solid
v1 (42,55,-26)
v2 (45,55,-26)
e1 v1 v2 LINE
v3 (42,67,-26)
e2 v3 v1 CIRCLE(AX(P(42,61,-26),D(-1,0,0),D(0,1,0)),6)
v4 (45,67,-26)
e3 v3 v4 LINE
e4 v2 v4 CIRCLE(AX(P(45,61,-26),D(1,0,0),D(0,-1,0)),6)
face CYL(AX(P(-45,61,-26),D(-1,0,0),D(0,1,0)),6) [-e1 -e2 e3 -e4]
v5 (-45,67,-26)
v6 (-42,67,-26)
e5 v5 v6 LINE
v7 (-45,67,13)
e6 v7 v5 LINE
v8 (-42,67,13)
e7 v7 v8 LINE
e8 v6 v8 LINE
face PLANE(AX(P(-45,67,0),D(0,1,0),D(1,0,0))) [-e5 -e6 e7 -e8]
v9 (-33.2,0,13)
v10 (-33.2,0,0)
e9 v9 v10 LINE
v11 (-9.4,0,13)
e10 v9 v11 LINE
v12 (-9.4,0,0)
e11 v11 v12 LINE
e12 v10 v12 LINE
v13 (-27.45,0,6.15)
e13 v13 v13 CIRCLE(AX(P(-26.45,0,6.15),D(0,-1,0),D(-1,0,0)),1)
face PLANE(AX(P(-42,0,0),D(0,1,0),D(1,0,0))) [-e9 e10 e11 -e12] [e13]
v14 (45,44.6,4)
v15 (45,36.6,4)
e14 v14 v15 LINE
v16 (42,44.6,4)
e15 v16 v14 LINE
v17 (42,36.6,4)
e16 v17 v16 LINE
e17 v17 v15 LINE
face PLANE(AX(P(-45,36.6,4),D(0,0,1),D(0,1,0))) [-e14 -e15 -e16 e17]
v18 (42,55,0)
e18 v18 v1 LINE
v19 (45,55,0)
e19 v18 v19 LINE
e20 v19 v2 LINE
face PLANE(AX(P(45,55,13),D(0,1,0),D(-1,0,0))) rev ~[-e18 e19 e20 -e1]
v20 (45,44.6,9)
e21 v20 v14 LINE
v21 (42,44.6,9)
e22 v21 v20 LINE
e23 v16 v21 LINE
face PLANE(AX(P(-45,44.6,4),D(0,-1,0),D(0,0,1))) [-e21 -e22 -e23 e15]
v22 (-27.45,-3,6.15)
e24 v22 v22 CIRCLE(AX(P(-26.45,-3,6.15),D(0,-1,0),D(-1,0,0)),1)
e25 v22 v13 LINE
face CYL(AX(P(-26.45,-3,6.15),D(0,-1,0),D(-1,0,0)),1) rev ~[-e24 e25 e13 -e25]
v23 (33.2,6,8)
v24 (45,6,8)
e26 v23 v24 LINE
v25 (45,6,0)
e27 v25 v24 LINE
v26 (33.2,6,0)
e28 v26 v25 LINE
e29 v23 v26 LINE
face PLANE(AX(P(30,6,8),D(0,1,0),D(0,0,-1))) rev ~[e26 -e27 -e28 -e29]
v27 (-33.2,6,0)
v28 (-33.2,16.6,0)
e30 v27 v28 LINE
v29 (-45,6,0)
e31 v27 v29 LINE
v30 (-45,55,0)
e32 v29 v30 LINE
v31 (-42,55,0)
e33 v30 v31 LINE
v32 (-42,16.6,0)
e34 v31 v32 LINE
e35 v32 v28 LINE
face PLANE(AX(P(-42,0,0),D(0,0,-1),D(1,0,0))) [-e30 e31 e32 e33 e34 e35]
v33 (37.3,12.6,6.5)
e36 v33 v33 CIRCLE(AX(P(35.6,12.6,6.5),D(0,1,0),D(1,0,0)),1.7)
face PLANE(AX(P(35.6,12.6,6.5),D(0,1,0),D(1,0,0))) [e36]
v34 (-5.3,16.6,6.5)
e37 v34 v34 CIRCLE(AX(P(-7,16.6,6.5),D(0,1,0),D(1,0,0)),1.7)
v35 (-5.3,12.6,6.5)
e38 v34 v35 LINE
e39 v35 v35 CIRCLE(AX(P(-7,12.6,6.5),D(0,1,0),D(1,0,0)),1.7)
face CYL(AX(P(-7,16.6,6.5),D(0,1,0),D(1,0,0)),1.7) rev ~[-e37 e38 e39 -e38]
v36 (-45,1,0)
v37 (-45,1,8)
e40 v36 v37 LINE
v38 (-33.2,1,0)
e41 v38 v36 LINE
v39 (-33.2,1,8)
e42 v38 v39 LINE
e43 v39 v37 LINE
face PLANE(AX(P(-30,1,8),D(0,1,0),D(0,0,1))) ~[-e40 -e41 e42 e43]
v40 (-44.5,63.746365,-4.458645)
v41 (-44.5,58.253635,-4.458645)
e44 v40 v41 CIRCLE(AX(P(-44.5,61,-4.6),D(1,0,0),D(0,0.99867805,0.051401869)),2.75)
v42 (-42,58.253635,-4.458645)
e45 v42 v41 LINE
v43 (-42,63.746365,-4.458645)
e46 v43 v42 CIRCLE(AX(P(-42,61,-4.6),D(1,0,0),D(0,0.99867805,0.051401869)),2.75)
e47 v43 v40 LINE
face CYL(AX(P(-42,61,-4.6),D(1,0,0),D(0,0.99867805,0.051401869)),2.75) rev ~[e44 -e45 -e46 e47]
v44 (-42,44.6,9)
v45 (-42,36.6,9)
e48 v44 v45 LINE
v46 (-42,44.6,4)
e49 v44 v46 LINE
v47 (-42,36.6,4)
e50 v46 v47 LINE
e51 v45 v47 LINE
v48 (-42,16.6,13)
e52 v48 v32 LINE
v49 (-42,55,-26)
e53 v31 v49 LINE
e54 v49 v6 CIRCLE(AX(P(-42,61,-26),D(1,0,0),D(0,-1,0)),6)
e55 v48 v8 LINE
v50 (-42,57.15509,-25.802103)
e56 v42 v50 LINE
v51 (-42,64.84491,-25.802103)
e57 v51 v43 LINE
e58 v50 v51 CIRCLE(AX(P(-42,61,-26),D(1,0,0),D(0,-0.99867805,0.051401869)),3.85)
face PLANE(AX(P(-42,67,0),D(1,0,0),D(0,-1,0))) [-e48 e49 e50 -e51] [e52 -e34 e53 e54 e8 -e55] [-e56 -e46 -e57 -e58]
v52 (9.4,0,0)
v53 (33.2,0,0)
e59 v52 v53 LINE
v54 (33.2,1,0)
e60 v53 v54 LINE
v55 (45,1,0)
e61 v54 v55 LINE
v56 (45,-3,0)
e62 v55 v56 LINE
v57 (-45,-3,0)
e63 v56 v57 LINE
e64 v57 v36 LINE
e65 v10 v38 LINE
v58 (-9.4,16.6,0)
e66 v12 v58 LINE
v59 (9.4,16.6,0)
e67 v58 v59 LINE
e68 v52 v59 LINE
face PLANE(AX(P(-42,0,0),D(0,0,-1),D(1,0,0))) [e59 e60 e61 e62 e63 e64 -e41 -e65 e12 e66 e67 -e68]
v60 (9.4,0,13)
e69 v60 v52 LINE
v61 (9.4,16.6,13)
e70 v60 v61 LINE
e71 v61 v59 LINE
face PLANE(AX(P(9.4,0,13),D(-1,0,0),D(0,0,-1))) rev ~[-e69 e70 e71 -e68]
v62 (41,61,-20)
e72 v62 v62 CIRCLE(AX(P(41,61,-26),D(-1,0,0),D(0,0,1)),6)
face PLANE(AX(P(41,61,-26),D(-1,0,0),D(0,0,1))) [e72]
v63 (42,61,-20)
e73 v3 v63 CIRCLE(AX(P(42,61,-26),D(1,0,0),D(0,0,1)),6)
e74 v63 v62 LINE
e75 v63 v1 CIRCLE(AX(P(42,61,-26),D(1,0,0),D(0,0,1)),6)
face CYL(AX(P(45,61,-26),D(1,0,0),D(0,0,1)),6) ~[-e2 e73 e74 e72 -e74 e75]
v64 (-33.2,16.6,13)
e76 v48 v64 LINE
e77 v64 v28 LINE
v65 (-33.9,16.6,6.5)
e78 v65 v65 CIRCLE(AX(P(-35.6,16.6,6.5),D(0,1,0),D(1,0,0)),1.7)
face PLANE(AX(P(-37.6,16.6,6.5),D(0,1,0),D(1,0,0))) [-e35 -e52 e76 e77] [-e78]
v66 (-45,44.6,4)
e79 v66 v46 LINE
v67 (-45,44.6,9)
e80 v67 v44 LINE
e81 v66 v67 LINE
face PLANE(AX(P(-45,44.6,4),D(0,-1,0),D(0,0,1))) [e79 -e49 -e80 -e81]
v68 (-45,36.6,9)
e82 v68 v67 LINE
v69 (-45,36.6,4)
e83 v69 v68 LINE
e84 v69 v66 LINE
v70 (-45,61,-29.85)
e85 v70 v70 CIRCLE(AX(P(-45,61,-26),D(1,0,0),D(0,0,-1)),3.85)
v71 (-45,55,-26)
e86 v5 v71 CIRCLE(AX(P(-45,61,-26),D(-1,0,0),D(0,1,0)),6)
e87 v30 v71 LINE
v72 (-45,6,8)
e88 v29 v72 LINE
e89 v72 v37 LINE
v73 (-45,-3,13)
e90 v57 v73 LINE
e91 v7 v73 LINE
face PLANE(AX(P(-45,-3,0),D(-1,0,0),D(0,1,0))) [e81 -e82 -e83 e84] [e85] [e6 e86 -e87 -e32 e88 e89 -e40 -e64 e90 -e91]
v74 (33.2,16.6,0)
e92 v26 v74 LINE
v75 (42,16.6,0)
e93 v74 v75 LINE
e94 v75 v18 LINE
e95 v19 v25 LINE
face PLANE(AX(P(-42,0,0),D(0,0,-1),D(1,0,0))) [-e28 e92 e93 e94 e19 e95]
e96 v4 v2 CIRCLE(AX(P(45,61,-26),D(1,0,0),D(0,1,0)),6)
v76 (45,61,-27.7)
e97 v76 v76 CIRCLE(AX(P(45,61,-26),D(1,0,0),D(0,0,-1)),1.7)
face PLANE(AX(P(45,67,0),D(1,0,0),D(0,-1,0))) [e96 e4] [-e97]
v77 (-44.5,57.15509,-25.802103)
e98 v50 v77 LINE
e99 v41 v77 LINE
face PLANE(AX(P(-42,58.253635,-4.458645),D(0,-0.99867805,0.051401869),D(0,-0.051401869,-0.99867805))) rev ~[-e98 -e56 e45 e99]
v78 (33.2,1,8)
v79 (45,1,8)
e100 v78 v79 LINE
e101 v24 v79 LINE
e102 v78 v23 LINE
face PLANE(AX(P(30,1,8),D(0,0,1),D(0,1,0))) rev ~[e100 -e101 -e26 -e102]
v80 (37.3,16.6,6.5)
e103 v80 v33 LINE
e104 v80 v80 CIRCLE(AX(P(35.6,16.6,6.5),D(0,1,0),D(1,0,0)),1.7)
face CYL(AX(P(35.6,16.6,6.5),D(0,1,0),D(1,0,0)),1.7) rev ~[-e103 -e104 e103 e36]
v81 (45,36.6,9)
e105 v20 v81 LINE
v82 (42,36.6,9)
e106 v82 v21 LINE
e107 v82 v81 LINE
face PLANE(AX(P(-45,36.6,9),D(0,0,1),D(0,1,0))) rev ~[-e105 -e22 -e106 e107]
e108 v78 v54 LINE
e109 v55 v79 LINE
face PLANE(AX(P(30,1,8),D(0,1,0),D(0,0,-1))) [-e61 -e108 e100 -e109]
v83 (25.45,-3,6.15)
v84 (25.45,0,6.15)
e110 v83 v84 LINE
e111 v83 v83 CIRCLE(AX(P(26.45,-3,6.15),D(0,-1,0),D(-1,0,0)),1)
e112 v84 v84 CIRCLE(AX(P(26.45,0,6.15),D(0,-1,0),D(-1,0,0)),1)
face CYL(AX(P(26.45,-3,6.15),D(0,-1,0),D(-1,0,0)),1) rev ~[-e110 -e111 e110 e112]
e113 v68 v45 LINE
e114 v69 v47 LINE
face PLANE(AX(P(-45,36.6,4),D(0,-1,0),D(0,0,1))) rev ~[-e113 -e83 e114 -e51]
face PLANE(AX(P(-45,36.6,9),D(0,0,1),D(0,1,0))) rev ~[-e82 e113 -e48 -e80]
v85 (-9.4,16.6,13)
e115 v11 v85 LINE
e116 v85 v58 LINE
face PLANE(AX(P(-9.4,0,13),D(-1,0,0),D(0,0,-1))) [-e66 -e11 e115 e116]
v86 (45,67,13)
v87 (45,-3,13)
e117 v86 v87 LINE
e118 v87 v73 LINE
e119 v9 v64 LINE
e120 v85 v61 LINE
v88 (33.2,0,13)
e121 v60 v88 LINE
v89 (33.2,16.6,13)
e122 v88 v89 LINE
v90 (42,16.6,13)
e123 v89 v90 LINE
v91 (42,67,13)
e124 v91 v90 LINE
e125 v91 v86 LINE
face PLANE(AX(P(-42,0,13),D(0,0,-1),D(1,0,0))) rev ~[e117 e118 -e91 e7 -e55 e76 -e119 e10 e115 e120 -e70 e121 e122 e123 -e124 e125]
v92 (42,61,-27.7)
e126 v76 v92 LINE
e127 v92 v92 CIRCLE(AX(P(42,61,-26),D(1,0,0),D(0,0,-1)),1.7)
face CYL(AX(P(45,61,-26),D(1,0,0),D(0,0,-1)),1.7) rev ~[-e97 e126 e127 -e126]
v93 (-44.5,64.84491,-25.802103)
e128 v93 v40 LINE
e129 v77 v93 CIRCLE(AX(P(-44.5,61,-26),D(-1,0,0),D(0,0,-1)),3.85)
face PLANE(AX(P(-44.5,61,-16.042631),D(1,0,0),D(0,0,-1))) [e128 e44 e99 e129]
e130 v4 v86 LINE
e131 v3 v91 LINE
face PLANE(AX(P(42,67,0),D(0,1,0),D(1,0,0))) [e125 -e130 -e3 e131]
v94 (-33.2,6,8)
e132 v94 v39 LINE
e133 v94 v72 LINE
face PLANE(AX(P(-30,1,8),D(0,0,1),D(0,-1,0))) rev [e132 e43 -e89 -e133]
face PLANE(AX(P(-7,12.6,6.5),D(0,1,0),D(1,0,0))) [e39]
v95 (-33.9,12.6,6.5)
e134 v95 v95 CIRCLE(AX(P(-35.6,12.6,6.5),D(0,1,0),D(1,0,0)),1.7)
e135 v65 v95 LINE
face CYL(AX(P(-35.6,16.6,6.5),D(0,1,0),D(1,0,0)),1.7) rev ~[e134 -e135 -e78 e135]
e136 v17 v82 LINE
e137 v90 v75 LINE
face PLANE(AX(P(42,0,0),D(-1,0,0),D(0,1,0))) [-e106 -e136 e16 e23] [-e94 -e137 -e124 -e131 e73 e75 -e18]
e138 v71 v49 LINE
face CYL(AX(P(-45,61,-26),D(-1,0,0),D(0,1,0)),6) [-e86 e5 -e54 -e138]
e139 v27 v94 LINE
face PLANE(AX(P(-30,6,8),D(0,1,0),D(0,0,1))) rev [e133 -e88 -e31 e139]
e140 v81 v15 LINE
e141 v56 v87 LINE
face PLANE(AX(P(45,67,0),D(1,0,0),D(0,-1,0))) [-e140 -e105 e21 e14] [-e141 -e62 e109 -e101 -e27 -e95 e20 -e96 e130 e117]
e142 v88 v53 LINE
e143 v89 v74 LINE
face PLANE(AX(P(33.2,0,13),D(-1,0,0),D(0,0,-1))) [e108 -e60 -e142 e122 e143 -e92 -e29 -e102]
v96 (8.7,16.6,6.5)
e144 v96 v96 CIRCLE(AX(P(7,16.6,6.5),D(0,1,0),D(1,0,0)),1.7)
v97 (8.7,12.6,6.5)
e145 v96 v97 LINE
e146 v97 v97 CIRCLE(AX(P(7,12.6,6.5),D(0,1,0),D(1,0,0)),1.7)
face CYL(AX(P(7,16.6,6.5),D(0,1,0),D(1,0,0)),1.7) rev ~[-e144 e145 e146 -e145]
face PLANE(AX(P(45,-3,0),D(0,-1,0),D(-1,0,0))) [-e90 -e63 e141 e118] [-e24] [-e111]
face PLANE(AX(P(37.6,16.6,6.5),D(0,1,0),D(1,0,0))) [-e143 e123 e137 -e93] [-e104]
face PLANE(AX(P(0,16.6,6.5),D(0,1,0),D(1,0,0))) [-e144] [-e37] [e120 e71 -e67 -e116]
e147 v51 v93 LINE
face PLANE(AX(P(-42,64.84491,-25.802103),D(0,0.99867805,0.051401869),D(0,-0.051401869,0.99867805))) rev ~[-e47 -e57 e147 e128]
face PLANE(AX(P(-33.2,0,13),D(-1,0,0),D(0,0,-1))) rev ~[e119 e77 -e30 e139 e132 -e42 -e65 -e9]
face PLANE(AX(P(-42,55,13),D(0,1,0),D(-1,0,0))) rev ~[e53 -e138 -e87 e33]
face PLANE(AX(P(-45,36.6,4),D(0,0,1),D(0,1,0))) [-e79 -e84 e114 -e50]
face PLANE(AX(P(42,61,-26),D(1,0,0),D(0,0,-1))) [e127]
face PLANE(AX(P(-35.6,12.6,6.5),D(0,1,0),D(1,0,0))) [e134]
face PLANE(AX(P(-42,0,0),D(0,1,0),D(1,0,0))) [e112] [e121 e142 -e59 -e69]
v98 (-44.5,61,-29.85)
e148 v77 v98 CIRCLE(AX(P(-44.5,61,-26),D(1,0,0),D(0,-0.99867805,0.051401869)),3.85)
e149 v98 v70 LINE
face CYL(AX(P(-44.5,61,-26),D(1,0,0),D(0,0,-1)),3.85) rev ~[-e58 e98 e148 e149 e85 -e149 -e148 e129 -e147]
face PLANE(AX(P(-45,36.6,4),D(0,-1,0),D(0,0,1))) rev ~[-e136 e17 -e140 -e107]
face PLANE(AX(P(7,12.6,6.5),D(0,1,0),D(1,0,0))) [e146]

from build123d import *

# Parameters (mm, degrees)
AUFSATZ_LINEAR_AUSTRAGEN1_DEPTH  = 13
AUFSATZ_LINEAR_START             = -13
SKIZZE2_W                        = 3
SKIZZE2_H                        = 12
AUFSATZ_LINEAR_AUSTRAGEN2_DEPTH  = 45
SKIZZE3_W                        = 8.8
SKIZZE3_H                        = 13
SKIZZE3_W_2                      = 18.8
AUFSATZ_LINEAR_AUSTRAGEN3_DEPTH  = 16.6
SKIZZE4_R                        = 1.7
SCHNITT_LINEAR_AUSTRAGEN1_DEPTH  = 4
SKIZZE6_R                        = 1.5
SCHNITT_LINEAR_AUSTRAGEN2_DEPTH  = 4
SCHNITT_LINEAR_START             = -3
SCHNITT_LINEAR_AUSTRAGEN4_DEPTH  = 2.5
SCHNITT_LINEAR_AUSTRAGEN6_DEPTH  = 91
SCHNITT_LINEAR_AUSTRAGEN7_REACH  = 2.5
SKIZZE11_R                       = 3.85
SCHNITT_LINEAR_START_2           = -15
SKIZZE12_W                       = 8
SKIZZE12_H                       = 5
SCHNITT_LINEAR_AUSTRAGEN8_DEPTH  = 16
SKIZZE13_W                       = 5
SKIZZE13_H                       = 8
SCHNITT_LINEAR_AUSTRAGEN9_DEPTH  = 91
SKIZZE14_R                       = 1
SCHNITT_LINEAR_AUSTRAGEN10_DEPTH = 71
AUFSATZ_LINEAR_START_2           = -3
SKIZZE15_R                       = 6
AUFSATZ_LINEAR_AUSTRAGEN4_DEPTH  = 4
SKIZZE16_R                       = 1.7
SCHNITT_LINEAR_AUSTRAGEN11_DEPTH = 3


with BuildPart() as part:
    # Skizze1 → Aufsatz-Linear austragen1 (new body)
    with BuildSketch(Plane.XY):
        Polygon((-45, 67), (-42, 67), (-42, 0), (42, 0), (42, 67), (45, 67), (45, -3), (-45, -3), align=None)
    extrude(amount=AUFSATZ_LINEAR_AUSTRAGEN1_DEPTH)

    # Skizze2 → Aufsatz-Linear austragen2 (add)
    with BuildSketch(Plane(origin=(0, 0, 0), x_dir=(-1, 0, 0), z_dir=(0, 0, -1)).offset(AUFSATZ_LINEAR_START)):
        with Locations((-43.5, 61)):
            Rectangle(SKIZZE2_W, SKIZZE2_H)
        with Locations((43.5, 61)):
            Rectangle(SKIZZE2_W, SKIZZE2_H)
    extrude(amount=AUFSATZ_LINEAR_AUSTRAGEN2_DEPTH)

    # Skizze3 → Aufsatz-Linear austragen3 (add)
    with BuildSketch(Plane(origin=(0, 0, 0), x_dir=(1, 0, 0), z_dir=(0, 1, 0))):
        with Locations((-37.6, -6.5)):
            Rectangle(SKIZZE3_W, SKIZZE3_H)
        with Locations((37.6, -6.5)):
            Rectangle(SKIZZE3_W, SKIZZE3_H)
        with Locations((0, -6.5)):
            Rectangle(SKIZZE3_W_2, SKIZZE3_H)
    extrude(amount=AUFSATZ_LINEAR_AUSTRAGEN3_DEPTH)

    # Skizze4 → Schnitt-Linear austragen1 (cut)
    with BuildSketch(Plane(origin=(0, 16.6, 0), x_dir=(1, 0, 0), z_dir=(0, 1, 0))):
        with Locations((-35.6, -6.5)):
            Circle(SKIZZE4_R)
        with Locations((-7, -6.5)):
            Circle(SKIZZE4_R)
        with Locations((7, -6.5)):
            Circle(SKIZZE4_R)
        with Locations((35.6, -6.5)):
            Circle(SKIZZE4_R)
    extrude(amount=-SCHNITT_LINEAR_AUSTRAGEN1_DEPTH, mode=Mode.SUBTRACT)

    # Skizze6 → Schnitt-Linear austragen2 (cut, through all)
    with BuildSketch(Plane.ZY.offset(-42)):
        with Locations((-26, 61)):
            Circle(SKIZZE6_R)
    extrude(amount=-SCHNITT_LINEAR_AUSTRAGEN2_DEPTH, mode=Mode.SUBTRACT)

    # Skizze7 → Schnitt-Linear austragen4 (cut)
    with BuildSketch(Plane.ZY.offset(45).offset(SCHNITT_LINEAR_START)):
        with BuildLine():
            Line((-25.802102804, 64.844910493), (-4.45864486, 63.746364638))
            ThreePointArc((-4.45864486, 63.746364638), (-1.85, 61), (-4.45864486, 58.253635362))
            Line((-4.45864486, 58.253635362), (-25.802102804, 57.155089507))
            ThreePointArc((-25.802102804, 57.155089507), (-29.85, 61), (-25.802102804, 64.844910493))
        make_face()
    extrude(amount=SCHNITT_LINEAR_AUSTRAGEN4_DEPTH, mode=Mode.SUBTRACT)

    # Skizze10 → Schnitt-Linear austragen6 (cut, through all)
    with BuildSketch(Plane.ZY.offset(45)):
        with BuildLine():
            Line((-26, 55), (-40.113250667, 55))
            Line((-40.113250667, 55), (-40.113250667, 67))
            Line((-40.113250667, 67), (-26, 67))
            ThreePointArc((-26, 67), (-32, 61), (-26, 55))
        make_face()
    extrude(amount=-SCHNITT_LINEAR_AUSTRAGEN6_DEPTH, mode=Mode.SUBTRACT)

    # Skizze11 → Schnitt-Linear austragen7 (cut, up to next)
    with BuildSketch(Plane(origin=(-44.5, 0, 0), x_dir=(0, 0, -1), z_dir=(1, 0, 0)), mode=Mode.PRIVATE) as schnitt_linear_austragen7_sk1:
        with Locations((26, 61)):
            Circle(SKIZZE11_R)
    schnitt_linear_austragen7_tool1 = extrude(schnitt_linear_austragen7_sk1.sketch, amount=-SCHNITT_LINEAR_AUSTRAGEN7_REACH, mode=Mode.PRIVATE) & part.part
    add(schnitt_linear_austragen7_tool1.solids().sort_by_distance((-44.5, 61, -26))[0], mode=Mode.SUBTRACT)

    # Skizze12 → Schnitt-Linear austragen8 (cut)
    with BuildSketch(Plane(origin=(45, 0, 0), x_dir=(0, 0, -1), z_dir=(1, 0, 0)).offset(SCHNITT_LINEAR_START_2)):
        with Locations((-4, 3.5)):
            Rectangle(SKIZZE12_W, SKIZZE12_H)
    schnitt_linear_austragen8 = extrude(amount=SCHNITT_LINEAR_AUSTRAGEN8_DEPTH, mode=Mode.SUBTRACT)

    # Spiegeln1: Schnitt-Linear austragen8 across plane
    add(schnitt_linear_austragen8.mirror(Plane.ZY), mode=Mode.SUBTRACT)

    # Skizze13 → Schnitt-Linear austragen9 (cut, through all)
    with BuildSketch(Plane.ZY.offset(45)):
        with Locations((6.5, 40.6)):
            Rectangle(SKIZZE13_W, SKIZZE13_H)
    extrude(amount=-SCHNITT_LINEAR_AUSTRAGEN9_DEPTH, mode=Mode.SUBTRACT)

    # Skizze14 → Schnitt-Linear austragen10 (cut, through all)
    with BuildSketch(Plane(origin=(0, -3, 0), x_dir=(-1, 0, 0), z_dir=(0, -1, 0))):
        with Locations((26.45, -6.15)):
            Circle(SKIZZE14_R)
        with Locations((-26.45, -6.15)):
            Circle(SKIZZE14_R)
    extrude(amount=-SCHNITT_LINEAR_AUSTRAGEN10_DEPTH, mode=Mode.SUBTRACT)

    # Skizze15 → Aufsatz-Linear austragen4 (add)
    with BuildSketch(Plane.ZY.offset(-42).offset(AUFSATZ_LINEAR_START_2)):
        with Locations((-26, 61)):
            Circle(SKIZZE15_R)
    extrude(amount=AUFSATZ_LINEAR_AUSTRAGEN4_DEPTH)

    # Skizze16 → Schnitt-Linear austragen11 (cut)
    with BuildSketch(Plane(origin=(45, 0, 0), x_dir=(0, 0, -1), z_dir=(1, 0, 0))):
        with Locations((26, 61)):
            Circle(SKIZZE16_R)
    extrude(amount=-SCHNITT_LINEAR_AUSTRAGEN11_DEPTH, mode=Mode.SUBTRACT)


solid = part.part
